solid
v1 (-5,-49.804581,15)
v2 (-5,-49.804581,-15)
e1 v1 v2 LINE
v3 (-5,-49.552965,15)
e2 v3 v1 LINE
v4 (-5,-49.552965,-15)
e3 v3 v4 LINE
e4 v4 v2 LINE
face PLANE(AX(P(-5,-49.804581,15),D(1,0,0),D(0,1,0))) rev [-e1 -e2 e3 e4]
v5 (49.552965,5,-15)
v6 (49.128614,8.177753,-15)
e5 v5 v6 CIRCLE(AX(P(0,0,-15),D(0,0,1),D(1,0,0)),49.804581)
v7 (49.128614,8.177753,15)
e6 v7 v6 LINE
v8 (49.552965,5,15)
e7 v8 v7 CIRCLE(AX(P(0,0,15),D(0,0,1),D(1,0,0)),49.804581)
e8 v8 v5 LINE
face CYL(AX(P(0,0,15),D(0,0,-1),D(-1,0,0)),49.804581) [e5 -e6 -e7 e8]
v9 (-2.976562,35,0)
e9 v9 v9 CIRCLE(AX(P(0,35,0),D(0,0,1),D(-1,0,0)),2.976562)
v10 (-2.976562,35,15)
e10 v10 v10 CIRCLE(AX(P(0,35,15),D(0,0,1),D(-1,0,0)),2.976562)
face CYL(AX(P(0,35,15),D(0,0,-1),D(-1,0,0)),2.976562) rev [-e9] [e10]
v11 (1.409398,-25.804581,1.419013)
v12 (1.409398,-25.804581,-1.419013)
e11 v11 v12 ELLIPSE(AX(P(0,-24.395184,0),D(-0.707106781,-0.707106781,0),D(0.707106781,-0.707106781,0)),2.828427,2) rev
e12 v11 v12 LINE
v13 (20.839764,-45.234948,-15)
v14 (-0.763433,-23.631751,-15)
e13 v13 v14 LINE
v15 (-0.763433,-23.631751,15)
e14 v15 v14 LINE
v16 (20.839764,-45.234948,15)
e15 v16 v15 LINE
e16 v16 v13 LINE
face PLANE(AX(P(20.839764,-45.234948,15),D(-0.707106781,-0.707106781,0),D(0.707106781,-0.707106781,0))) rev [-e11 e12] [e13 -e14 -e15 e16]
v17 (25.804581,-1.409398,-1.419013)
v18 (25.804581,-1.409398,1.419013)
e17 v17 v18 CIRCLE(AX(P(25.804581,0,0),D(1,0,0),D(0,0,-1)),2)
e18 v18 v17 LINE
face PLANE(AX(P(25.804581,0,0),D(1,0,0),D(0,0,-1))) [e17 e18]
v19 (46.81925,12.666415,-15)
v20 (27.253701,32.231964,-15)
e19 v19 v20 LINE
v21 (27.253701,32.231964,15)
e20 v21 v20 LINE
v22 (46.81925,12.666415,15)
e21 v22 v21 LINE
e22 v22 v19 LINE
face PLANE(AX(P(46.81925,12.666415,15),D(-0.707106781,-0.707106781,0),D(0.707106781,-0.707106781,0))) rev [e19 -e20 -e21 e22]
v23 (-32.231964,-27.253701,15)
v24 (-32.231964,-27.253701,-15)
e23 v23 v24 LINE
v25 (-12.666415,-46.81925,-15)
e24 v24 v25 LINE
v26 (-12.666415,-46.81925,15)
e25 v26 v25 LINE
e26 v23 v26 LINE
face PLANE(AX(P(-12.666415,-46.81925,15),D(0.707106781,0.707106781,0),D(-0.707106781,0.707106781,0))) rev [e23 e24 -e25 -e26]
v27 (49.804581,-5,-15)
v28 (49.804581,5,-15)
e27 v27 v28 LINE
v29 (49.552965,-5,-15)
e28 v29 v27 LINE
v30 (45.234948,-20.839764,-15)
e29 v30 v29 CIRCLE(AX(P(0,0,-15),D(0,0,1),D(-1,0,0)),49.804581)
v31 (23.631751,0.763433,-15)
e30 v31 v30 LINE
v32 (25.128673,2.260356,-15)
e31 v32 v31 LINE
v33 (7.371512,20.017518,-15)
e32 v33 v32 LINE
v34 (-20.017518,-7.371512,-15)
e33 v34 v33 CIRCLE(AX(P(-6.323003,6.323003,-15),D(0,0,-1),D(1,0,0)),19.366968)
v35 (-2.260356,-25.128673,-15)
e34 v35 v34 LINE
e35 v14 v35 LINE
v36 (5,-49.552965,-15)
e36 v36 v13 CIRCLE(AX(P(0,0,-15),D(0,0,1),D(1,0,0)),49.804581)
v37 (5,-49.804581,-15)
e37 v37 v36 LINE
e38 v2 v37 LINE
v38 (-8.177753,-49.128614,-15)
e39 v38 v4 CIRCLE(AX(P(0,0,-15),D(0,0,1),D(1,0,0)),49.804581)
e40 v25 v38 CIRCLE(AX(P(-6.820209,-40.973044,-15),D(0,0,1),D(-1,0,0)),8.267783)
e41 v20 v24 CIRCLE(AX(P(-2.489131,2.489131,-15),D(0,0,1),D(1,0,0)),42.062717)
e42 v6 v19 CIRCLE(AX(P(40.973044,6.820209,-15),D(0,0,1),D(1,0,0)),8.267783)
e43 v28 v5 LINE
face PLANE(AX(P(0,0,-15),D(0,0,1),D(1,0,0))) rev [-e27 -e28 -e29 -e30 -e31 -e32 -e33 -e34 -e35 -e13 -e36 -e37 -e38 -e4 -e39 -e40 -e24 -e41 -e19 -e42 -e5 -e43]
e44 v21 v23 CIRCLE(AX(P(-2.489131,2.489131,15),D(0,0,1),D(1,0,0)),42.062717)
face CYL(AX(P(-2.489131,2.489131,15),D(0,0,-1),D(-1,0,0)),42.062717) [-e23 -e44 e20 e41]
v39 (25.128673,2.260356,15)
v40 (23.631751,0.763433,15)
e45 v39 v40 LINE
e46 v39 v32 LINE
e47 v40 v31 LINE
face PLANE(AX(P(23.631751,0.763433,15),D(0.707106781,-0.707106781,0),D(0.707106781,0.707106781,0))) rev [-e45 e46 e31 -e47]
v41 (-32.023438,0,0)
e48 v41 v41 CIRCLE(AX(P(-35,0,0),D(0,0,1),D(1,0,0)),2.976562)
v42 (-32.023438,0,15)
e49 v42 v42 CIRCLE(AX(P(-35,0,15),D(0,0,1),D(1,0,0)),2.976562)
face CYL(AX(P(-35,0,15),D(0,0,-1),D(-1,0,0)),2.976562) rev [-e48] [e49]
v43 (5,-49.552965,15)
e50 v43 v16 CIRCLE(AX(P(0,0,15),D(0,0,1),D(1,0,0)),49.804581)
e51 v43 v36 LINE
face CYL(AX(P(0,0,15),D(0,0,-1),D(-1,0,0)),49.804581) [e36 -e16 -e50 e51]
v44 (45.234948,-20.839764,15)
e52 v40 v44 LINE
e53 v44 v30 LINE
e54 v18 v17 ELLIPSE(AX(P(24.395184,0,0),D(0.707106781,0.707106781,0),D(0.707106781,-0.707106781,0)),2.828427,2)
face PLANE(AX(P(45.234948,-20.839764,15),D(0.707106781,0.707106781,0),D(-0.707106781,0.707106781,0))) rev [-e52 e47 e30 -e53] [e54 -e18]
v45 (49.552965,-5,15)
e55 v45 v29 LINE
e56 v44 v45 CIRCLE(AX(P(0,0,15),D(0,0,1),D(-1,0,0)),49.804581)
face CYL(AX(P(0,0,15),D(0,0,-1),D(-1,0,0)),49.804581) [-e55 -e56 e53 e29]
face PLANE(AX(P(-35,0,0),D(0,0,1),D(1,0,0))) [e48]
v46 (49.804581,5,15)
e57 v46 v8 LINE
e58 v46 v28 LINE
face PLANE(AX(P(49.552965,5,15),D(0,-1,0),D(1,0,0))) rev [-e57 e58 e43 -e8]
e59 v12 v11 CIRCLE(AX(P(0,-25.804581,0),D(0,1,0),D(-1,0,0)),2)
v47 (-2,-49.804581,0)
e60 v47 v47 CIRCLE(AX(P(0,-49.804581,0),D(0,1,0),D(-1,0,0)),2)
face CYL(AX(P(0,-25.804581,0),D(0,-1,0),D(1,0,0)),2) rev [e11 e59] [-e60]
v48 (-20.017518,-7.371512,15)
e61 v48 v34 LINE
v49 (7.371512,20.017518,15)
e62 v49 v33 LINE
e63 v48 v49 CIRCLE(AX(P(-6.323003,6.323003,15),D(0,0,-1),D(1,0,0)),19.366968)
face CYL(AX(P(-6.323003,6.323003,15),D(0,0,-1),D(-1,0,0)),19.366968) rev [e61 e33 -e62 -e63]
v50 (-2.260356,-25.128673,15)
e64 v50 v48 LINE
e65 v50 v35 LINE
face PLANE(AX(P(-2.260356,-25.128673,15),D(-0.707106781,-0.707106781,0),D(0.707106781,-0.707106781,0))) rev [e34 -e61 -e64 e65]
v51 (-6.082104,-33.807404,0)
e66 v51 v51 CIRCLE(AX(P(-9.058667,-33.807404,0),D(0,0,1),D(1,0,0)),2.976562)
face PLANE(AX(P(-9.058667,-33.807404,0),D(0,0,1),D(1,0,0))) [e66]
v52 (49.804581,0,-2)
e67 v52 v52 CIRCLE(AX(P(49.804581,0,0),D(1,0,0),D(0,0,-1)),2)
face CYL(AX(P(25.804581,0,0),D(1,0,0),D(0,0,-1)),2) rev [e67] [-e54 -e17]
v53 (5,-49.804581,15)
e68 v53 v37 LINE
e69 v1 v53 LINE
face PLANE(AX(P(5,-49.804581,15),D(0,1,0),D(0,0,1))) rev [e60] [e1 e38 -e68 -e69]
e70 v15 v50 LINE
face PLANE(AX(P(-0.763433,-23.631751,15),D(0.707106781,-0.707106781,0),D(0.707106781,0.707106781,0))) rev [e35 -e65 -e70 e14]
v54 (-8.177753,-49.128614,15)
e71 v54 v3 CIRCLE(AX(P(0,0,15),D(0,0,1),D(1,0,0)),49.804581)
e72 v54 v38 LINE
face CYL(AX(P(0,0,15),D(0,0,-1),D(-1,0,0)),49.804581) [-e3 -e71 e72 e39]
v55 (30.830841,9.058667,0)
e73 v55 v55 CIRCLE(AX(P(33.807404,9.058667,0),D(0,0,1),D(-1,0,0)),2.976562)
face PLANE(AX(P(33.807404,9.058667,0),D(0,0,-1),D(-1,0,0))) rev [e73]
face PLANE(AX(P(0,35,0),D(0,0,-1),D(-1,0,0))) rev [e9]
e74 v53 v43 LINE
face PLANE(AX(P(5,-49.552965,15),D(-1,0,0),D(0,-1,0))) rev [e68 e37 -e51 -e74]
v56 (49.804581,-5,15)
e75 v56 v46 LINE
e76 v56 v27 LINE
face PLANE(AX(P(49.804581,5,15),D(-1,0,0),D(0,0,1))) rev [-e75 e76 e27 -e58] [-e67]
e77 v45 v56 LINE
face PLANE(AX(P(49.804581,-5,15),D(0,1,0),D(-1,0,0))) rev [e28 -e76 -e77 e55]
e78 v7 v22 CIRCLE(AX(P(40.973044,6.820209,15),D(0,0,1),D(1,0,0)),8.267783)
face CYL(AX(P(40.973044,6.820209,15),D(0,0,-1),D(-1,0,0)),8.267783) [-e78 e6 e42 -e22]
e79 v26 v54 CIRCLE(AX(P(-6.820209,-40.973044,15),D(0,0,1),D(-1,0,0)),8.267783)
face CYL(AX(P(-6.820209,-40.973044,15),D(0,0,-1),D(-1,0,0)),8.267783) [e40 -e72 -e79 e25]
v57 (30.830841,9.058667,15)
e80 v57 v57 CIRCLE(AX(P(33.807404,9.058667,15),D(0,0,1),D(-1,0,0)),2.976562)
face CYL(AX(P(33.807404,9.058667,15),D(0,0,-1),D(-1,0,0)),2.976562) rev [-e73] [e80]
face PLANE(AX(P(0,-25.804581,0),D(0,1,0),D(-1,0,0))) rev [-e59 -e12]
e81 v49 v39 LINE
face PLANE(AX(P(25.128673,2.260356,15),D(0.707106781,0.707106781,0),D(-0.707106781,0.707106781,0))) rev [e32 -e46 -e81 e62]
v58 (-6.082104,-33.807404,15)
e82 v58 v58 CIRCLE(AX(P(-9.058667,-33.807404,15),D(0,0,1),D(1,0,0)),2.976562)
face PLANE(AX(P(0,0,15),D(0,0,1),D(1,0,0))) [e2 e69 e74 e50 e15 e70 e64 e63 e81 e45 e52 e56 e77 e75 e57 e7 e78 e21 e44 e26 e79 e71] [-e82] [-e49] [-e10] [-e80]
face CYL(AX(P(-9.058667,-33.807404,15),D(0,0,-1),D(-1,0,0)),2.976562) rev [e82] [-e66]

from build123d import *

# Parameters (mm, degrees)
BOSS_EXTRUDE1_DEPTH      = 15
BOSS_EXTRUDE1_DEPTH_BACK = 15
SKETCH2_R                = 2
CUT_EXTRUDE1_DEPTH       = 24
SKETCH3_R                = 2
CUT_EXTRUDE2_DEPTH       = 24
SKETCH6_R                = 2.9765625
CUT_EXTRUDE4_DEPTH       = 73.013836648


with BuildPart() as part:
    # Sketch1 → Boss-Extrude1 (new, two sides: drawn at the far end of the back side and taken through both)
    with BuildSketch(Plane.XY.offset(-BOSS_EXTRUDE1_DEPTH_BACK)):
        with BuildLine():
            Line((5, -49.80458146), (-5, -49.80458146))
            Line((-5, -49.80458146), (-5, -49.552964941))
            ThreePointArc((-5, -49.552964941), (-6.59229192, -49.366365287), (-8.177753112, -49.128613744))
            ThreePointArc((-8.177753112, -49.128613744), (-10.602641493, -48.324877157), (-12.666415249, -46.819249696))
            Line((-12.666415249, -46.819249696), (-32.231963719, -27.253701226))
            ThreePointArc((-32.231963719, -27.253701226), (-32.231963719, 32.231963719), (27.253701226, 32.231963719))
            Line((27.253701226, 32.231963719), (46.819249696, 12.666415249))
            ThreePointArc((46.819249696, 12.666415249), (48.324877157, 10.602641493), (49.128613744, 8.177753112))
            ThreePointArc((49.128613744, 8.177753112), (49.366365287, 6.59229192), (49.552964941, 5))
            Line((49.552964941, 5), (49.80458146, 5))
            Line((49.80458146, 5), (49.80458146, -5))
            Line((49.80458146, -5), (49.552964941, -5))
            ThreePointArc((49.552964941, -5), (48.051135901, -13.099033286), (45.234948365, -20.839764414))
            Line((45.234948365, -20.839764414), (23.63175062, 0.763433331))
            Line((23.63175062, 0.763433331), (25.128673235, 2.260355947))
            Line((25.128673235, 2.260355947), (7.371511647, 20.017517534))
            ThreePointArc((7.371511647, 20.017517534), (-20.017517534, 20.017517534), (-20.017517534, -7.371511647))
            Line((-20.017517534, -7.371511647), (-2.260355947, -25.128673235))
            Line((-2.260355947, -25.128673235), (-0.763433331, -23.63175062))
            Line((-0.763433331, -23.63175062), (20.839764414, -45.234948365))
            ThreePointArc((20.839764414, -45.234948365), (13.099033286, -48.051135901), (5, -49.552964941))
            Line((5, -49.552964941), (5, -49.80458146))
        make_face()
    extrude(amount=BOSS_EXTRUDE1_DEPTH + BOSS_EXTRUDE1_DEPTH_BACK)

    # Sketch2 → Cut-Extrude1 (cut)
    with BuildSketch(Plane(origin=(0, -49.80458146, 0), x_dir=(1, 0, 0), z_dir=(0, 1, 0))):
        Circle(SKETCH2_R)
    extrude(amount=CUT_EXTRUDE1_DEPTH, mode=Mode.SUBTRACT)

    # Sketch3 → Cut-Extrude2 (cut)
    with BuildSketch(Plane(origin=(49.80458146, 0, 0), x_dir=(0, 0, -1), z_dir=(1, 0, 0))):
        Circle(SKETCH3_R)
    extrude(amount=-CUT_EXTRUDE2_DEPTH, mode=Mode.SUBTRACT)

    # Sketch6 → Cut-Extrude4 (cut, through all)
    with BuildSketch(Plane.XY):
        with Locations((-9.058666579, -33.80740392)):
            Circle(SKETCH6_R)
        with Locations((-35, 0)):
            Circle(SKETCH6_R)
        with Locations((0, 35)):
            Circle(SKETCH6_R)
        with Locations((33.80740392, 9.058666579)):
            Circle(SKETCH6_R)
    extrude(amount=CUT_EXTRUDE4_DEPTH, mode=Mode.SUBTRACT)


solid = part.part
